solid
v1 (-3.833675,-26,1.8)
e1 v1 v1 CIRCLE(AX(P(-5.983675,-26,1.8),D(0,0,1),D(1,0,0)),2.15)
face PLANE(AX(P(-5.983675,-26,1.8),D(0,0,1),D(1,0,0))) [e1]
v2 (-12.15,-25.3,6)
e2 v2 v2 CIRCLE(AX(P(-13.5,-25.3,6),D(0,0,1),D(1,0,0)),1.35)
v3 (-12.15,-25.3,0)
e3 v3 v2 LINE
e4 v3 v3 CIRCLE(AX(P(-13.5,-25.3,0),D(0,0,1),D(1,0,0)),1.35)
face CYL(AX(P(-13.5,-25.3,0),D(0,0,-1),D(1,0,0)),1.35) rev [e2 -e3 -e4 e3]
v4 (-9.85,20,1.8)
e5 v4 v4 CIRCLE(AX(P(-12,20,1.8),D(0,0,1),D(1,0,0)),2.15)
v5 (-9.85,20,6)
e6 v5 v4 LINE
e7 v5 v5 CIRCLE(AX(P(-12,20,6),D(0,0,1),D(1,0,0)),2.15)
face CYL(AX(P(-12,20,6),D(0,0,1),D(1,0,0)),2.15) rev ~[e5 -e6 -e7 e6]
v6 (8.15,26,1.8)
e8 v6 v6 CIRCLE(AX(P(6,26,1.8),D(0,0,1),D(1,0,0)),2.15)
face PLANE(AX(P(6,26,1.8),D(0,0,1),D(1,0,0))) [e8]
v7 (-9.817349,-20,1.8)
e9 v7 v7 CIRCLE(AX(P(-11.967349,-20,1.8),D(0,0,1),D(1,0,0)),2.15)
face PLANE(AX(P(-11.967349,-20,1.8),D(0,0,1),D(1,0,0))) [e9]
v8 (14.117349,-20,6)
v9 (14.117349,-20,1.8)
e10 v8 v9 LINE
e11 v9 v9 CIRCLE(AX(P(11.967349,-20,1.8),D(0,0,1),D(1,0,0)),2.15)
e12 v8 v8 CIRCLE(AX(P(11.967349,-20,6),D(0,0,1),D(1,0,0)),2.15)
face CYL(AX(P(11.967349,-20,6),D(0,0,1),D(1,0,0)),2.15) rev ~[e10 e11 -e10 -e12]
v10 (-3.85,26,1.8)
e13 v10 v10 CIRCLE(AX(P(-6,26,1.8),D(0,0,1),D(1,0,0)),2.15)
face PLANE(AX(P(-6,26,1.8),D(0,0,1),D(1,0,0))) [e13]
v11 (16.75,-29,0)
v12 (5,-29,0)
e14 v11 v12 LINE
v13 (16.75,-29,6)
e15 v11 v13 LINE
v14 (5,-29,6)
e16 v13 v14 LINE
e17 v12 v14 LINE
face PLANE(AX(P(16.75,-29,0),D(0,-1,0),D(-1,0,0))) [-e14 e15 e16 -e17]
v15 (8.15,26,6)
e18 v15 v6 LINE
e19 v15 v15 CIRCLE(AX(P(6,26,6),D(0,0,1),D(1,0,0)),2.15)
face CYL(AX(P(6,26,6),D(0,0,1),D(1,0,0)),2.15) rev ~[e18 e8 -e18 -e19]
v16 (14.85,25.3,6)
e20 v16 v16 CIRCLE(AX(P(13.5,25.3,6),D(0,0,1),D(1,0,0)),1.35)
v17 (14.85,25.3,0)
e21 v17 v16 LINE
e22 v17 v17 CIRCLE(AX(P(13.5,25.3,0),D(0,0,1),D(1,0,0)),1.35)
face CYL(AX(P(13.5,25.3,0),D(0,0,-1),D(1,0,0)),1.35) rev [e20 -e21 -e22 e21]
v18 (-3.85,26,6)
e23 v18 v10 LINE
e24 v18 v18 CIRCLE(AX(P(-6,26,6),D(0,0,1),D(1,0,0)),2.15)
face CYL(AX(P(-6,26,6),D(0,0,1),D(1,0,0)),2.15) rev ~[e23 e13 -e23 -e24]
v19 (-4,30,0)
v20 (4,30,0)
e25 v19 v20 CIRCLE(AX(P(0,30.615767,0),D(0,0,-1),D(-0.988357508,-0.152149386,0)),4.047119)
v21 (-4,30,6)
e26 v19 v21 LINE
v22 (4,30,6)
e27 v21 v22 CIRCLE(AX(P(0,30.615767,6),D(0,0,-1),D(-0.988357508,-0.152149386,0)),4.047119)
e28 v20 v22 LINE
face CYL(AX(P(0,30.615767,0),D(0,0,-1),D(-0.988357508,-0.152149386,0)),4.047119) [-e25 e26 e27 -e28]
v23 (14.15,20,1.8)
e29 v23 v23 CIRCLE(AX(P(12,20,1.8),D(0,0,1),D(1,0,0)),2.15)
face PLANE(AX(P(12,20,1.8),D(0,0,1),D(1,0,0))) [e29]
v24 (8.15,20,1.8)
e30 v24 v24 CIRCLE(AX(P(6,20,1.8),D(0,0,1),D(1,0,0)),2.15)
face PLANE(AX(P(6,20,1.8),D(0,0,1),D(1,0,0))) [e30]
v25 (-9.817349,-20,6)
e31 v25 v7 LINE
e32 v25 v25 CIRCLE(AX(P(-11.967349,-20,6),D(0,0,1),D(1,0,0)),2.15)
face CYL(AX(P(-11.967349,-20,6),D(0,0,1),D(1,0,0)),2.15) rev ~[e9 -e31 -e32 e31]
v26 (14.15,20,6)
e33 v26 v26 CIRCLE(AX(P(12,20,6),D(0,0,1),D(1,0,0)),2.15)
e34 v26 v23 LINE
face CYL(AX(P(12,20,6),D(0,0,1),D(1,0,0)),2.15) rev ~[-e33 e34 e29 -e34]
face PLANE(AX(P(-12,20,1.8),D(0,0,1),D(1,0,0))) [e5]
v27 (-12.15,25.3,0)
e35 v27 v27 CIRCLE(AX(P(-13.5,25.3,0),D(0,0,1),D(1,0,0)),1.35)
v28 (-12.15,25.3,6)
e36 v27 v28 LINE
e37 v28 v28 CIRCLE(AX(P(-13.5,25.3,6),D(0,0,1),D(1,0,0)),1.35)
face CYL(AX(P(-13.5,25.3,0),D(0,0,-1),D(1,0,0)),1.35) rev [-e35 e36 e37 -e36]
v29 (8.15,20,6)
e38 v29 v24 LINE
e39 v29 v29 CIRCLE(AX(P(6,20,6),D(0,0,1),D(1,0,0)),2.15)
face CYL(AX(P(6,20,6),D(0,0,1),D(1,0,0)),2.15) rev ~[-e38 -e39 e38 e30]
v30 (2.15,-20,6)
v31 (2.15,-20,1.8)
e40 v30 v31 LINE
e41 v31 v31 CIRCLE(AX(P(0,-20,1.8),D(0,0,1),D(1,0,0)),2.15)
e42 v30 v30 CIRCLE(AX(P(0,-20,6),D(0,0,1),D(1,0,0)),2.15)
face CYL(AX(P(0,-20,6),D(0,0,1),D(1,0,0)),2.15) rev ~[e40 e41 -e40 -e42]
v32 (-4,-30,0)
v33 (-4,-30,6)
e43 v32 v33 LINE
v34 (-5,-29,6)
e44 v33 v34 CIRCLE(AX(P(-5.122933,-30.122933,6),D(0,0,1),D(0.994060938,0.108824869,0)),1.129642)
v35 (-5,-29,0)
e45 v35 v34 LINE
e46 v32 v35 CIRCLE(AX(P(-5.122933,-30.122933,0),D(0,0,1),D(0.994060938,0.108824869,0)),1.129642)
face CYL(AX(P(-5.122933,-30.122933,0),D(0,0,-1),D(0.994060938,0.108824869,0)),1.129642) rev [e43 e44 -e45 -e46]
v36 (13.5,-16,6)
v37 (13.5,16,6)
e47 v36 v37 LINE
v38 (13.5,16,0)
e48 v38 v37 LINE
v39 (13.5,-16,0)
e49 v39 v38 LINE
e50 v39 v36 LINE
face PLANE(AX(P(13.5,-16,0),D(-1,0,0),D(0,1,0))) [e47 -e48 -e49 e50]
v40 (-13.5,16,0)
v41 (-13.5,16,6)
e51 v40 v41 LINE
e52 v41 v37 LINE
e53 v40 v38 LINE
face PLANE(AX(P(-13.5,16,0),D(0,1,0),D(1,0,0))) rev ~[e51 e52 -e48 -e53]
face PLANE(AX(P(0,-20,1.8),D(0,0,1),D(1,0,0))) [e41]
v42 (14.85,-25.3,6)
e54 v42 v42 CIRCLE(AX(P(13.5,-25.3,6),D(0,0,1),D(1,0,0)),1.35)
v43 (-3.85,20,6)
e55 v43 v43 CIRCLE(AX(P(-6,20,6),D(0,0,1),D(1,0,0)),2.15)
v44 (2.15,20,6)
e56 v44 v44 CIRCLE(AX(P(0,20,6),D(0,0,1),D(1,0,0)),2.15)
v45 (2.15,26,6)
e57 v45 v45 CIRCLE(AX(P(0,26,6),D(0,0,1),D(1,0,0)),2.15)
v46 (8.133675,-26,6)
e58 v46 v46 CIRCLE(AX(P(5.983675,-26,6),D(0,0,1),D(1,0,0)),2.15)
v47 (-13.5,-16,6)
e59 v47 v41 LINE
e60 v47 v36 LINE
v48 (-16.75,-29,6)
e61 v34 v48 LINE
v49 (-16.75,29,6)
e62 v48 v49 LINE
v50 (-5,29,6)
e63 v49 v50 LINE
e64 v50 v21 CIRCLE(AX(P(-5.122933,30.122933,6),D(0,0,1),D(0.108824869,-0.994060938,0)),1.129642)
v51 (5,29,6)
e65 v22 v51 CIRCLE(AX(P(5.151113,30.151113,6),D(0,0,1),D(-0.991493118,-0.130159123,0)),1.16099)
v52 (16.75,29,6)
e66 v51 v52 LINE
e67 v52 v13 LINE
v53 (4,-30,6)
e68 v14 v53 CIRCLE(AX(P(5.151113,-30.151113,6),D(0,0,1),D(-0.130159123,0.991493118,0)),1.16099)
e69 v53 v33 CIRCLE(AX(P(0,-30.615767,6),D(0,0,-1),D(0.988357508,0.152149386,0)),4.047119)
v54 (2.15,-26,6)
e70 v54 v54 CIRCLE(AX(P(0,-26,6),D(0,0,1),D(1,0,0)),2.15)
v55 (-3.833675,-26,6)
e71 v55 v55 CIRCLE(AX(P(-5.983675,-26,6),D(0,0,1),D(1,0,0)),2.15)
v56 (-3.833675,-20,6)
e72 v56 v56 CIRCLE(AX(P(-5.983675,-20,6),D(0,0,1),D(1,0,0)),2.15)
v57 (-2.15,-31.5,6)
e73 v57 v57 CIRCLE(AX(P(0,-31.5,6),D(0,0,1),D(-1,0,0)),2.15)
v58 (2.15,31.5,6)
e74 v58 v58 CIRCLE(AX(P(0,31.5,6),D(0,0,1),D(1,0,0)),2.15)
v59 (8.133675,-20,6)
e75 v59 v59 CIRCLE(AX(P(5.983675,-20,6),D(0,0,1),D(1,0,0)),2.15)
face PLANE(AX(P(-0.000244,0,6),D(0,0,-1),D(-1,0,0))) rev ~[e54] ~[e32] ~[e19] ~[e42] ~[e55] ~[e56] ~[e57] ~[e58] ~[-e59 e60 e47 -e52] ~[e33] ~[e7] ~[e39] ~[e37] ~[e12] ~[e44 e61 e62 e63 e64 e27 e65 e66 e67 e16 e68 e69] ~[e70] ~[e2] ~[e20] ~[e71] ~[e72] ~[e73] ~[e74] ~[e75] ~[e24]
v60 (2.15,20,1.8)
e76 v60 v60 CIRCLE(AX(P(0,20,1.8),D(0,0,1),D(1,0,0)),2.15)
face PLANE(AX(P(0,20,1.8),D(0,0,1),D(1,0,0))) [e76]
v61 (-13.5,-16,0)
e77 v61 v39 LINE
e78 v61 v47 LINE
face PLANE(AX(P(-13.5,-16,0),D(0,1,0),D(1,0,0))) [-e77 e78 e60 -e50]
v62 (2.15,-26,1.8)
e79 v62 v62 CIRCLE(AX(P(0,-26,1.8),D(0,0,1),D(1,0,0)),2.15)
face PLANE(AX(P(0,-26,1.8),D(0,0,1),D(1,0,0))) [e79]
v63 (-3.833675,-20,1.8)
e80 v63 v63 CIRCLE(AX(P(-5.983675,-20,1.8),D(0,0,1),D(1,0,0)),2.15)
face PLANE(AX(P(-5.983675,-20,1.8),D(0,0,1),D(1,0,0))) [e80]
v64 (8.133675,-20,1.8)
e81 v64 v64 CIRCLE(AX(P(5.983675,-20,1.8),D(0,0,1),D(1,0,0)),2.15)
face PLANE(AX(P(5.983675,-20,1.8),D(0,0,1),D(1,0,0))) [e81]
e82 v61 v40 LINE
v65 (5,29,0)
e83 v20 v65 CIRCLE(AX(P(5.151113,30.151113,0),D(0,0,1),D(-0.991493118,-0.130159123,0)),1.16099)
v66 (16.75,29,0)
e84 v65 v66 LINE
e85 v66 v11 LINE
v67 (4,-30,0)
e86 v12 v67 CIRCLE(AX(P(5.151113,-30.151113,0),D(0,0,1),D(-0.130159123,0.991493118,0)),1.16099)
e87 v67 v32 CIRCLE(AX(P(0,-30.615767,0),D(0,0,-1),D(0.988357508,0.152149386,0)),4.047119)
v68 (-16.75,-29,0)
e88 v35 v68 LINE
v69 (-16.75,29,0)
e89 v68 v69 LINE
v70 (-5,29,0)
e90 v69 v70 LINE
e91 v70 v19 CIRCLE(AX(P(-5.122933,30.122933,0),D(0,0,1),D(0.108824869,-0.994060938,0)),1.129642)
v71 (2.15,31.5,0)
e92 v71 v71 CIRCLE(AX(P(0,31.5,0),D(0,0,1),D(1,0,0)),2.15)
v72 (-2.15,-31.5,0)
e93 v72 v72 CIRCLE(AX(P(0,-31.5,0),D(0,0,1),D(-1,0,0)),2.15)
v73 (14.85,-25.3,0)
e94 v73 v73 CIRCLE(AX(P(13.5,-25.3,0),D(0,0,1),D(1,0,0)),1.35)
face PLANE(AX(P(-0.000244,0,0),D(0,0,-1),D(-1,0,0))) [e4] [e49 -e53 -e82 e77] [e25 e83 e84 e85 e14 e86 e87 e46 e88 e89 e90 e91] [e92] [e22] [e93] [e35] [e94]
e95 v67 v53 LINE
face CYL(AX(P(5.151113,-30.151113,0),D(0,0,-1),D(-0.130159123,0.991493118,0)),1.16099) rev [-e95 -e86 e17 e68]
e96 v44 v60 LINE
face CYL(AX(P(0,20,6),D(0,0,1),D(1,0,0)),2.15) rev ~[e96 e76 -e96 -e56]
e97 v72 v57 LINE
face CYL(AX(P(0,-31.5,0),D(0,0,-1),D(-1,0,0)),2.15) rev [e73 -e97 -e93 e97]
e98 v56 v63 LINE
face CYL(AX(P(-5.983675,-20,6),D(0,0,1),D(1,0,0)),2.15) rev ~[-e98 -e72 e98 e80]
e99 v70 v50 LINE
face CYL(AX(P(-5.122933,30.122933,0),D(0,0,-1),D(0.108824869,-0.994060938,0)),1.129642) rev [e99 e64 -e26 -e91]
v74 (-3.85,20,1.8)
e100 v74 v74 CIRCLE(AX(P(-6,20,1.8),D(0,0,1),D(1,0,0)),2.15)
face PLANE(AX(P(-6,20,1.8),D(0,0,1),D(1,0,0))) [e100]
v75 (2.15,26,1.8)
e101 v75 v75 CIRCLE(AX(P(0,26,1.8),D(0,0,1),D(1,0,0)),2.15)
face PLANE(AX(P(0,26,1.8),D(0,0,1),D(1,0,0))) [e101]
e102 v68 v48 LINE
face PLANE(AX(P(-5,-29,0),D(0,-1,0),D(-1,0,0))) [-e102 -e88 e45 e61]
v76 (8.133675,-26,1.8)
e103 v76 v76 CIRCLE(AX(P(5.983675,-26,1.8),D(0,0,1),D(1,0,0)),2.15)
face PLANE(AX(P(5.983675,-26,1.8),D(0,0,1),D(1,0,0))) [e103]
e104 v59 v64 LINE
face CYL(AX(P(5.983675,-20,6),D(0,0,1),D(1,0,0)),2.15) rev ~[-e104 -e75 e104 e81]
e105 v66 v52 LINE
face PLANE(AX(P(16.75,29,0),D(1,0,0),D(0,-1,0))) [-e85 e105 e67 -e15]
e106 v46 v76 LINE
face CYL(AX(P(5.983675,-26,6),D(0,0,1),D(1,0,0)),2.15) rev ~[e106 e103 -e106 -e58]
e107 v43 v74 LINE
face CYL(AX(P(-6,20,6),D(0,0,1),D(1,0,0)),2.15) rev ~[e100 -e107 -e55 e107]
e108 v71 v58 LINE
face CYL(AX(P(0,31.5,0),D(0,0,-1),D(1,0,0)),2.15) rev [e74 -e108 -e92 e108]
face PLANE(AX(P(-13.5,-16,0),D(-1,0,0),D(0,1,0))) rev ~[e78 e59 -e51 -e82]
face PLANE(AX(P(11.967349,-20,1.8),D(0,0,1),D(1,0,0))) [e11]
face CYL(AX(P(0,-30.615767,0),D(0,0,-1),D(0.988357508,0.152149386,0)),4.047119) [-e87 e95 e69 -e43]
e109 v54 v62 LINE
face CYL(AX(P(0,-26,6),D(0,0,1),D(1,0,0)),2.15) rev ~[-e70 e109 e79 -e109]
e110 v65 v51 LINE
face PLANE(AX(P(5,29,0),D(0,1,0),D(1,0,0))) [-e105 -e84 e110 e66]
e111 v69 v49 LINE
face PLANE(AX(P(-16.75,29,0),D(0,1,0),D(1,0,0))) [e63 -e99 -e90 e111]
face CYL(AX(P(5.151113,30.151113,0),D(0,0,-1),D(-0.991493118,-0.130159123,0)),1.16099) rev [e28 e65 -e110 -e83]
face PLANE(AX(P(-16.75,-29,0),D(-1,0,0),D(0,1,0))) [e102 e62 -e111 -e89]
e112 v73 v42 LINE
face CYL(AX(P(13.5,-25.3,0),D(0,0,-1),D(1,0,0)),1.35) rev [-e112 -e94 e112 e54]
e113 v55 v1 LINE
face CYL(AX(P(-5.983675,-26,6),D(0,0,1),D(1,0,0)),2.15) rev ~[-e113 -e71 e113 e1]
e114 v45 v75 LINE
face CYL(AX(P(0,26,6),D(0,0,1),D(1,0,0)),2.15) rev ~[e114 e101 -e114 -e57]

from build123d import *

# Parameters (mm, degrees)
SKETCH1_R           = 1.35
SKETCH1_R_2         = 2.15
SKETCH1_W           = 27
SKETCH1_H           = 32
BOSS_EXTRUDE1_DEPTH = 6
SKETCH2_R           = 2.15
CUT_EXTRUDE1_DEPTH  = 4.2


with BuildPart() as part:
    # Sketch1 → Boss-Extrude1 (new body)
    with BuildSketch(Plane.XY):
        with BuildLine():
            Line((-16.75, 29), (-5, 29))
            ThreePointArc((-5, 29), (-4.324155518, 29.324155518), (-4, 30))
            ThreePointArc((-4, 30), (0, 34.662885145), (4, 30))
            ThreePointArc((4, 30), (4.330169642, 29.330169642), (5, 29))
            Line((5, 29), (16.75, 29))
            Line((16.75, 29), (16.75, -29))
            Line((16.75, -29), (5, -29))
            ThreePointArc((5, -29), (4.330169642, -29.330169642), (4, -30))
            ThreePointArc((4, -30), (0, -34.662885145), (-4, -30))
            ThreePointArc((-4, -30), (-4.324155518, -29.324155518), (-5, -29))
            Line((-5, -29), (-16.75, -29))
            Line((-16.75, -29), (-16.75, 29))
        make_face()
        with Locations((-13.5, 25.3)):
            Circle(SKETCH1_R, mode=Mode.SUBTRACT)
        with Locations((13.5, -25.3)):
            Circle(SKETCH1_R, mode=Mode.SUBTRACT)
        with Locations((-13.5, -25.3)):
            Circle(SKETCH1_R, mode=Mode.SUBTRACT)
        with Locations((13.5, 25.3)):
            Circle(SKETCH1_R, mode=Mode.SUBTRACT)
        with Locations((0, 31.5)):
            Circle(SKETCH1_R_2, mode=Mode.SUBTRACT)
        with Locations(Location((0, -31.5, 0), (0, 0, 180))):
            Circle(SKETCH1_R_2, mode=Mode.SUBTRACT)
        Rectangle(SKETCH1_W, SKETCH1_H, mode=Mode.SUBTRACT)
    extrude(amount=BOSS_EXTRUDE1_DEPTH)

    # Sketch2 → Cut-Extrude1 (cut)
    with BuildSketch(Plane.XY.offset(6)):
        with Locations((-12, 20)):
            Circle(SKETCH2_R)
        with Locations((-6, 20)):
            Circle(SKETCH2_R)
        with Locations((0, 20)):
            Circle(SKETCH2_R)
        with Locations((6, 20)):
            Circle(SKETCH2_R)
        with Locations((12, 20)):
            Circle(SKETCH2_R)
        with Locations((-6, 26)):
            Circle(SKETCH2_R)
        with Locations((0, 26)):
            Circle(SKETCH2_R)
        with Locations((6, 26)):
            Circle(SKETCH2_R)
        with Locations((-11.967349369, -20)):
            Circle(SKETCH2_R)
        with Locations((-5.983674685, -20)):
            Circle(SKETCH2_R)
        with Locations((0, -20)):
            Circle(SKETCH2_R)
        with Locations((5.983674685, -20)):
            Circle(SKETCH2_R)
        with Locations((11.967349369, -20)):
            Circle(SKETCH2_R)
        with Locations((-5.983674685, -26)):
            Circle(SKETCH2_R)
        with Locations((0, -26)):
            Circle(SKETCH2_R)
        with Locations((5.983674685, -26)):
            Circle(SKETCH2_R)
    extrude(amount=-CUT_EXTRUDE1_DEPTH, mode=Mode.SUBTRACT)


solid = part.part
